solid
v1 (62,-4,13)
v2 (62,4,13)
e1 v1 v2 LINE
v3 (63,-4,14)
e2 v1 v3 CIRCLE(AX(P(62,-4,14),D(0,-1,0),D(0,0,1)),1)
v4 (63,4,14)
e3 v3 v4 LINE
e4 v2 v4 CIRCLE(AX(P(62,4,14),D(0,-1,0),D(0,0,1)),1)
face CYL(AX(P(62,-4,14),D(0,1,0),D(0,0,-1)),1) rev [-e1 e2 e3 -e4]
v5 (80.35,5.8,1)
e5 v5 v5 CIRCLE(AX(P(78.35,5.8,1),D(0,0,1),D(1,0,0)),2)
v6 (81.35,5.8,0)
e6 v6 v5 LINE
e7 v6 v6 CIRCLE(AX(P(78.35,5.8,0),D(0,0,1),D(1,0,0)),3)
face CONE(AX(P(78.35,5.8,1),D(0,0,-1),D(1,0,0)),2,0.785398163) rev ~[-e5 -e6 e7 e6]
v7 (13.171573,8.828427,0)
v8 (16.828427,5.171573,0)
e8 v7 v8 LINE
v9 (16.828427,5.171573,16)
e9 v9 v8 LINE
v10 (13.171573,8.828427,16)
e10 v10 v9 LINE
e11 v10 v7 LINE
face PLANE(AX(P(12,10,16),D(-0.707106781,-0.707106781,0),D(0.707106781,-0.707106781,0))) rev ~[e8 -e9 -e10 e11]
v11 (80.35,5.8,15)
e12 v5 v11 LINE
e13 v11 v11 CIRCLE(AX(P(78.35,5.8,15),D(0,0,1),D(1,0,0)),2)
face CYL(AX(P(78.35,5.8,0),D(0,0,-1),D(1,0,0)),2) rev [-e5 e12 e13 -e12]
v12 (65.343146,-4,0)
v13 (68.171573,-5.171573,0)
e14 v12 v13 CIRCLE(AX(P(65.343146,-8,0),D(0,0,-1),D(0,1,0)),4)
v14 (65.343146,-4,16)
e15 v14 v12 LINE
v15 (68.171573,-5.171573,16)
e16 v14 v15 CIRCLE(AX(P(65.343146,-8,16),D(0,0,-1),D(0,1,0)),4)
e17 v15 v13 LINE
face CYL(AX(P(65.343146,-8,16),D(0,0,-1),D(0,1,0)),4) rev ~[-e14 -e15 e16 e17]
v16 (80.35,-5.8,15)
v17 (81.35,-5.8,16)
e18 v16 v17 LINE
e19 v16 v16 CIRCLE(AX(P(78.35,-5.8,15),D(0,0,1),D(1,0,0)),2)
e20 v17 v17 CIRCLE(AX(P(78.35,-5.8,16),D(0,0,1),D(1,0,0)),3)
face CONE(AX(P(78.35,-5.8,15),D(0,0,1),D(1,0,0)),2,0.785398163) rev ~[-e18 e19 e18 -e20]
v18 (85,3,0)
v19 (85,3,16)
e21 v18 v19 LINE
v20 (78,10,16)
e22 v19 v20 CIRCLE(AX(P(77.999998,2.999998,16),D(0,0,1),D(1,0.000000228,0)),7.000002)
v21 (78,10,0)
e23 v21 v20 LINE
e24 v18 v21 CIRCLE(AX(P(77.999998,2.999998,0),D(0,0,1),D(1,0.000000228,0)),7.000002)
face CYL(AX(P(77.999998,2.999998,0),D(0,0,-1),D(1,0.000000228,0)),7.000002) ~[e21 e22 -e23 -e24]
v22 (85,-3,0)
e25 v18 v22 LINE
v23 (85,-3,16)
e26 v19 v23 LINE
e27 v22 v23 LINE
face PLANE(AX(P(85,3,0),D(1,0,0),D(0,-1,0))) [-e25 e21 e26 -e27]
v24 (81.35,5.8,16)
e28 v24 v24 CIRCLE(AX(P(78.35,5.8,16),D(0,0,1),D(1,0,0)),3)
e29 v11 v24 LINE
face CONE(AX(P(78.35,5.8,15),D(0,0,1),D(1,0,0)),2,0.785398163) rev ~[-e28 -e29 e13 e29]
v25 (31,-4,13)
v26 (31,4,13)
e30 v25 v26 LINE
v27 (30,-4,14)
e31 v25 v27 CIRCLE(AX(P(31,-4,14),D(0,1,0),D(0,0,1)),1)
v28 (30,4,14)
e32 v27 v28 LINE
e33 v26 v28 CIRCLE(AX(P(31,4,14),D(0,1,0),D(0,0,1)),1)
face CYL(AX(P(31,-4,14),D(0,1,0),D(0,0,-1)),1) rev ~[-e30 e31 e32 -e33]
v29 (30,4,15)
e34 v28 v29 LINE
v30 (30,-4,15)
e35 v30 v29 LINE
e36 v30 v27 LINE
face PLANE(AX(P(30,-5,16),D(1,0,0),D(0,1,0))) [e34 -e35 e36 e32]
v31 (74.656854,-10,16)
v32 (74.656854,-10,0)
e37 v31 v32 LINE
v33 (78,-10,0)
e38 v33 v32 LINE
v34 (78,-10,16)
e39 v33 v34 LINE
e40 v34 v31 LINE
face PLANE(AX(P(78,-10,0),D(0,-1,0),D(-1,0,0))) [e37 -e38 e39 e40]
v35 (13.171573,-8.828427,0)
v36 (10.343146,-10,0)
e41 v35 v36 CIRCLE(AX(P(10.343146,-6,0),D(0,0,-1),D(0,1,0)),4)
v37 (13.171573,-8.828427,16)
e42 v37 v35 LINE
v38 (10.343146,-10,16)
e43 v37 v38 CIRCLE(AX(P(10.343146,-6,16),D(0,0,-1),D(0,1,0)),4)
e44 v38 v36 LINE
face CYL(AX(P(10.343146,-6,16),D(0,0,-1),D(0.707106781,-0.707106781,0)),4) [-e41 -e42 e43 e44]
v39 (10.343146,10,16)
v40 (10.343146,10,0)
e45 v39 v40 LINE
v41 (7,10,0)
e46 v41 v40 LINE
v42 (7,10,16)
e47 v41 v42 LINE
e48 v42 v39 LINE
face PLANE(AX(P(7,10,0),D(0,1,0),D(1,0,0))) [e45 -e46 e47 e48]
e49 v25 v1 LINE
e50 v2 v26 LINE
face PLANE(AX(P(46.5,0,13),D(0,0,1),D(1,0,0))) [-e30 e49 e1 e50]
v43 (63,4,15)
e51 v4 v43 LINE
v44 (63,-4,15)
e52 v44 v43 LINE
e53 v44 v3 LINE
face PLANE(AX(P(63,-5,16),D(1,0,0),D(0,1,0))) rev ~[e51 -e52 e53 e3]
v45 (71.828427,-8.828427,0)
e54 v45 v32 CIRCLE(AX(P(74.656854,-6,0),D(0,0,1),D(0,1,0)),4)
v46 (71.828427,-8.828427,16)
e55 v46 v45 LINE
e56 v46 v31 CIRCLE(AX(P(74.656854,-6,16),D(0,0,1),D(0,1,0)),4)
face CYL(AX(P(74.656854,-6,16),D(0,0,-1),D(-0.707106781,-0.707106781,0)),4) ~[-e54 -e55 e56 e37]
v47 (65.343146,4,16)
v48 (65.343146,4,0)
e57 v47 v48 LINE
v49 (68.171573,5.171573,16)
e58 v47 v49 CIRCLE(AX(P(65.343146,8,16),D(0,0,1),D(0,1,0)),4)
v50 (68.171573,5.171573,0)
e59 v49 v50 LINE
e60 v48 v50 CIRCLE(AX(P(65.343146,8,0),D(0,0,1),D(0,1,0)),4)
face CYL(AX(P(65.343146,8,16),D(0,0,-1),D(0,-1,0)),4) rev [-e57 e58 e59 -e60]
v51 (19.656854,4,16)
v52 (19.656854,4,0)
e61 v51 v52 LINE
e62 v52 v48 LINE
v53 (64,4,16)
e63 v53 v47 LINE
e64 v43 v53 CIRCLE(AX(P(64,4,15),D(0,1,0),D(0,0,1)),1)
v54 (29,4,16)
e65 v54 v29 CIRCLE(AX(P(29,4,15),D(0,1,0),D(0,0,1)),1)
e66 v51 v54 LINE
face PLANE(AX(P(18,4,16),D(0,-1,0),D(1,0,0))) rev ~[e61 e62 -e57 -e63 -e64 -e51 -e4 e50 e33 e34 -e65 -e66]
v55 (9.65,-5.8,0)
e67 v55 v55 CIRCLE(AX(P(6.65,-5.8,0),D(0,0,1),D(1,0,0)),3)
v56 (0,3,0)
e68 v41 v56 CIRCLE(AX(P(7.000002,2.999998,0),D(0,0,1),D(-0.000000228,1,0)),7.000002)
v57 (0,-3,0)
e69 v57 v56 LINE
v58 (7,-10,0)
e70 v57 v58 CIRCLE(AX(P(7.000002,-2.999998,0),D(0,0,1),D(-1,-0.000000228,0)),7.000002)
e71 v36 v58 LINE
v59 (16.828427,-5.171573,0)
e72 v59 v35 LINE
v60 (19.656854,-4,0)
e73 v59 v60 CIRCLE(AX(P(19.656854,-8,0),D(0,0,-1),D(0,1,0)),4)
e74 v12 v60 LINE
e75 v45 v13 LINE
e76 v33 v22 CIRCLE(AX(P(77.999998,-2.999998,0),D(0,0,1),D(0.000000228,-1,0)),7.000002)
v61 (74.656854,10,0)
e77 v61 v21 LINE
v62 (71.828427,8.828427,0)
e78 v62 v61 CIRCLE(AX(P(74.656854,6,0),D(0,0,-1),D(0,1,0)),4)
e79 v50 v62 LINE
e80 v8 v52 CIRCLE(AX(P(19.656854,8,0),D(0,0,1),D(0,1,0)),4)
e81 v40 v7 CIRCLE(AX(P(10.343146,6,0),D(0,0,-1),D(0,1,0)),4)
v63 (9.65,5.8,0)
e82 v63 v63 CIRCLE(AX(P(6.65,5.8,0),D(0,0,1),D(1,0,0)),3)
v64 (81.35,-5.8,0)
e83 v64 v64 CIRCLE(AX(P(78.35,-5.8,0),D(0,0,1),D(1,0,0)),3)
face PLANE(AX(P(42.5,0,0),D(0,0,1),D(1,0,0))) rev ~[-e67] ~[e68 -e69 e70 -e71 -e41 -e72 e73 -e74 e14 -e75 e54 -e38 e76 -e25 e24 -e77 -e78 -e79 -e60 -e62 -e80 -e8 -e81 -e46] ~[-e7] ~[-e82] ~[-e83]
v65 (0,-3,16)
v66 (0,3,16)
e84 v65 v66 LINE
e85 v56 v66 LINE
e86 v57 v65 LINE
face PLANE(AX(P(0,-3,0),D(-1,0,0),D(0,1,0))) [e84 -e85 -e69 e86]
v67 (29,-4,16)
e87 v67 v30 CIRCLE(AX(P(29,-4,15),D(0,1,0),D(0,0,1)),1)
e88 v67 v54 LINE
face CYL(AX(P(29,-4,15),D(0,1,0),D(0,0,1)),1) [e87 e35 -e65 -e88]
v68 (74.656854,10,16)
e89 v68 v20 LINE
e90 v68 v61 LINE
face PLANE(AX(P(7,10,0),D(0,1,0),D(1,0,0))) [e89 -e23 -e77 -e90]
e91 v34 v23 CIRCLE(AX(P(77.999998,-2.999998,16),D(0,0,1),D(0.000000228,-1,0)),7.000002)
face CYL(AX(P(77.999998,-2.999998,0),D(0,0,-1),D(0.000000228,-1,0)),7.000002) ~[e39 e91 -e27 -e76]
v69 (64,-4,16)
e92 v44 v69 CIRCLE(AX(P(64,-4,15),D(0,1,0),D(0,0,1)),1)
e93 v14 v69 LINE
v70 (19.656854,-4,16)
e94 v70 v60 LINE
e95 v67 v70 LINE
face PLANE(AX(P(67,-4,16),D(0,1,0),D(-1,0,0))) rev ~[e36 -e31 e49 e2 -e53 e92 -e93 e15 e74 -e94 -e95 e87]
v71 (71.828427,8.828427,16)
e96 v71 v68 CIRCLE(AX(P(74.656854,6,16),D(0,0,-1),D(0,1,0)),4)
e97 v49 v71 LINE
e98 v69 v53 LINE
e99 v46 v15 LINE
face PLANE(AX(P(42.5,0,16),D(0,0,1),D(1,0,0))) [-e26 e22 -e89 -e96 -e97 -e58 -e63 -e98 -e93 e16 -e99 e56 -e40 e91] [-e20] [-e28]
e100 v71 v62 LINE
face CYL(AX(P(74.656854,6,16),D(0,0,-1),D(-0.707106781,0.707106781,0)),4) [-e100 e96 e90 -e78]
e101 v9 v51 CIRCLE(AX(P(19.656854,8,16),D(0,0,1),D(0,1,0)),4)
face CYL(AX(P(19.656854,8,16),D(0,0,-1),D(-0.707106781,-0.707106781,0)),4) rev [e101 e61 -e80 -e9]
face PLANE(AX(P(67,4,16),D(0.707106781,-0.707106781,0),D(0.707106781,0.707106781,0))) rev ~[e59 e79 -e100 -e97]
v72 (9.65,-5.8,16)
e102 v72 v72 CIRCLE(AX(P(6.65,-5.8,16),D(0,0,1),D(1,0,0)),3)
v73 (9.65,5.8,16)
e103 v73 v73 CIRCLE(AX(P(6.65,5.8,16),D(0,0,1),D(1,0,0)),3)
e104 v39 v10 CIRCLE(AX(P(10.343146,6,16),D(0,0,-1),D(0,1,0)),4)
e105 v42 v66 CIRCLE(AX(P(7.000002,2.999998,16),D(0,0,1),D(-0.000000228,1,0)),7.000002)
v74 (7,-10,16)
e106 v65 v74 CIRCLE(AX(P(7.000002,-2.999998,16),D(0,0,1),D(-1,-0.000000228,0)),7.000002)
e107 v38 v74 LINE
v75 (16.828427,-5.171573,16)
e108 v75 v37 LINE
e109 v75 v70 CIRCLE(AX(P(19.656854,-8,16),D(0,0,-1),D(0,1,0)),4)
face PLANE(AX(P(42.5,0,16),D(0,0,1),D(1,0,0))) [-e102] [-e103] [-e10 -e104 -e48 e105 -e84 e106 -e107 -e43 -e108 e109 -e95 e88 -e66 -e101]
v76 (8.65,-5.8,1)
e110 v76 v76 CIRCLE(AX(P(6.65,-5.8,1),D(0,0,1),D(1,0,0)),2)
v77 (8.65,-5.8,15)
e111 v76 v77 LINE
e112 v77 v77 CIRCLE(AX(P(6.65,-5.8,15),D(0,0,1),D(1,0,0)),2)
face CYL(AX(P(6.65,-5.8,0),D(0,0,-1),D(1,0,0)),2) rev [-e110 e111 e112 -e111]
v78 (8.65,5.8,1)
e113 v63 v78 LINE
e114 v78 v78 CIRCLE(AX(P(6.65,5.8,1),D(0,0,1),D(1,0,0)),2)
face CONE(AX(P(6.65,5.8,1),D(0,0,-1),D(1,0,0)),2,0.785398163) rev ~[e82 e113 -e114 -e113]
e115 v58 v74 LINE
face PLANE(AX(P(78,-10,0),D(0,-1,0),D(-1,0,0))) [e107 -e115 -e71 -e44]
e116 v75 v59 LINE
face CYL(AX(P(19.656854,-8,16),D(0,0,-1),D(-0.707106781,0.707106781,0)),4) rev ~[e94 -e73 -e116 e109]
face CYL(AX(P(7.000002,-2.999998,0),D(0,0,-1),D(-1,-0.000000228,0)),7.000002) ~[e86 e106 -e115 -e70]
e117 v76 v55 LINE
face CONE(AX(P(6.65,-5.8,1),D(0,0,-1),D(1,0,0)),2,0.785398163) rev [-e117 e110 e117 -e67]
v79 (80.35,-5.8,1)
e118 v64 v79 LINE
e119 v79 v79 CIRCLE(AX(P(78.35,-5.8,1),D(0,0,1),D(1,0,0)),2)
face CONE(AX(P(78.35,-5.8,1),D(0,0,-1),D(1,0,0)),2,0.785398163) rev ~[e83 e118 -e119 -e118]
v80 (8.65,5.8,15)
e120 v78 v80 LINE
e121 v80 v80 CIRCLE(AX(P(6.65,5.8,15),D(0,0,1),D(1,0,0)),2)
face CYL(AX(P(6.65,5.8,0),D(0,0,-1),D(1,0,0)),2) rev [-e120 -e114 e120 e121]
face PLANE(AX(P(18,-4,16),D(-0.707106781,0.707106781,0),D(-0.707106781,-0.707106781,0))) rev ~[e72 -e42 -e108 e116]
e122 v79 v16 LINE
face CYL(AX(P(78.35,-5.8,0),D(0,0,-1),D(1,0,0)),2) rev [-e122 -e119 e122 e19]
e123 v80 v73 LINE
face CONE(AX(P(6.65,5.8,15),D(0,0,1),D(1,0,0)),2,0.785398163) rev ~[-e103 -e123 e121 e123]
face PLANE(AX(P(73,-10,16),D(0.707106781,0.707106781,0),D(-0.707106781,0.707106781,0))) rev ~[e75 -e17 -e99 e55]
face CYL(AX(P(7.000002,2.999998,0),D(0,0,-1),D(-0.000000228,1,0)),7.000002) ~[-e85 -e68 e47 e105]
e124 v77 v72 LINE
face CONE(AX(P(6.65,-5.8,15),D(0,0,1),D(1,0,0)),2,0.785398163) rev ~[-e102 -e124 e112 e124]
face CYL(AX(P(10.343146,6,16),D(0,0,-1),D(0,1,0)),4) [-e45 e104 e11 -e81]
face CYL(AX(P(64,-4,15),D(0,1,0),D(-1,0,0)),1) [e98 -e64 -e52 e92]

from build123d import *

# Parameters (mm, degrees)
SKETCH_R        = 2
PAD_DEPTH       = 16
CHAMFER_SIZE    = 1
CHAMFER001_SIZE = 1
POCKET_DEPTH    = 16.001
FILLET_R        = 4
FILLET001_R     = 4
FILLET002_R     = 4
FILLET003_R     = 4
FILLET004_R     = 4
SKETCH002_W     = 33
SKETCH002_H     = 10
POCKET001_DEPTH = 3
FILLET005_R     = 1
FILLET006_R     = 1
FILLET007_R     = 1


with BuildPart() as part:
    # Sketch → Pad (new body)
    with BuildSketch(Plane.XY):
        with BuildLine():
            ThreePointArc((7, 10), (2.050253, 7.949747), (0, 3))
            Line((0, -3), (0, 3))
            ThreePointArc((0, -3), (2.050253, -7.949747), (7, -10))
            Line((78, -10), (7, -10))
            ThreePointArc((78, -10), (82.949747, -7.949747), (85, -3))
            Line((85, 3), (85, -3))
            ThreePointArc((85, 3), (82.949747, 7.949747), (78, 10))
            Line((7, 10), (78, 10))
        make_face()
        with Locations((6.65, 5.8)):
            Circle(SKETCH_R, mode=Mode.SUBTRACT)
        with Locations((78.35, 5.8)):
            Circle(SKETCH_R, mode=Mode.SUBTRACT)
        with Locations((6.65, -5.8)):
            Circle(SKETCH_R, mode=Mode.SUBTRACT)
        with Locations((78.35, -5.8)):
            Circle(SKETCH_R, mode=Mode.SUBTRACT)
    extrude(amount=PAD_DEPTH)

    # Chamfer
    chamfer_edges = [part.edges().sort_by_distance(p)[0] for p in [
        (76.35, 5.8, 16),
        (76.35, -5.8, 16),
        (4.65, 5.8, 16),
        (4.65, -5.8, 16),
    ]]
    chamfer(chamfer_edges, length=CHAMFER_SIZE)

    # Chamfer001
    chamfer001_edges = [part.edges().sort_by_distance(p)[0] for p in [
        (4.65, -5.8, 0),
        (76.35, -5.8, 0),
        (76.35, 5.8, 0),
        (4.65, 5.8, 0),
    ]]
    chamfer(chamfer001_edges, length=CHAMFER001_SIZE)

    # Sketch001 (on Face5 of Chamfer001) → Pocket (cut, through all)
    with BuildSketch(Plane.XY.offset(16)):
        Polygon((12, 10), (18, 4), (67, 4), (73, 10), align=None)
        Polygon((12, -10), (73, -10), (67, -4), (18, -4), align=None)
    extrude(amount=-POCKET_DEPTH, mode=Mode.SUBTRACT)

    # Fillet
    fillet_edges = [part.edges().sort_by_distance(p)[0] for p in [
        (12, -10, 8),
    ]]
    fillet(fillet_edges, radius=FILLET_R)

    # Fillet001
    fillet001_edges = [part.edges().sort_by_distance(p)[0] for p in [
        (18, -4, 8),
    ]]
    fillet(fillet001_edges, radius=FILLET001_R)

    # Fillet002
    fillet002_edges = [part.edges().sort_by_distance(p)[0] for p in [
        (73, -10, 8),
        (67, -4, 8),
    ]]
    fillet(fillet002_edges, radius=FILLET002_R)

    # Fillet003
    fillet003_edges = [part.edges().sort_by_distance(p)[0] for p in [
        (12, 10, 8),
        (18, 4, 8),
    ]]
    fillet(fillet003_edges, radius=FILLET003_R)

    # Fillet004
    fillet004_edges = [part.edges().sort_by_distance(p)[0] for p in [
        (73, 10, 8),
        (67, 4, 8),
    ]]
    fillet(fillet004_edges, radius=FILLET004_R)

    # Sketch002 (on Face30 of Fillet004) → Pocket001 (cut)
    with BuildSketch(Plane.XY.offset(16)):
        with Locations((46.5, 0)):
            Rectangle(SKETCH002_W, SKETCH002_H)
    extrude(amount=-POCKET001_DEPTH, mode=Mode.SUBTRACT)

    # Fillet005
    fillet005_edges = [part.edges().sort_by_distance(p)[0] for p in [
        (30, 0, 16),
        (63, 0, 16),
    ]]
    fillet(fillet005_edges, radius=FILLET005_R)

    # Fillet006
    fillet006_edges = [part.edges().sort_by_distance(p)[0] for p in [
        (63, 0, 13),
    ]]
    fillet(fillet006_edges, radius=FILLET006_R)

    # Fillet007
    fillet007_edges = [part.edges().sort_by_distance(p)[0] for p in [
        (30, 0, 13),
    ]]
    fillet(fillet007_edges, radius=FILLET007_R)


solid = part.part
